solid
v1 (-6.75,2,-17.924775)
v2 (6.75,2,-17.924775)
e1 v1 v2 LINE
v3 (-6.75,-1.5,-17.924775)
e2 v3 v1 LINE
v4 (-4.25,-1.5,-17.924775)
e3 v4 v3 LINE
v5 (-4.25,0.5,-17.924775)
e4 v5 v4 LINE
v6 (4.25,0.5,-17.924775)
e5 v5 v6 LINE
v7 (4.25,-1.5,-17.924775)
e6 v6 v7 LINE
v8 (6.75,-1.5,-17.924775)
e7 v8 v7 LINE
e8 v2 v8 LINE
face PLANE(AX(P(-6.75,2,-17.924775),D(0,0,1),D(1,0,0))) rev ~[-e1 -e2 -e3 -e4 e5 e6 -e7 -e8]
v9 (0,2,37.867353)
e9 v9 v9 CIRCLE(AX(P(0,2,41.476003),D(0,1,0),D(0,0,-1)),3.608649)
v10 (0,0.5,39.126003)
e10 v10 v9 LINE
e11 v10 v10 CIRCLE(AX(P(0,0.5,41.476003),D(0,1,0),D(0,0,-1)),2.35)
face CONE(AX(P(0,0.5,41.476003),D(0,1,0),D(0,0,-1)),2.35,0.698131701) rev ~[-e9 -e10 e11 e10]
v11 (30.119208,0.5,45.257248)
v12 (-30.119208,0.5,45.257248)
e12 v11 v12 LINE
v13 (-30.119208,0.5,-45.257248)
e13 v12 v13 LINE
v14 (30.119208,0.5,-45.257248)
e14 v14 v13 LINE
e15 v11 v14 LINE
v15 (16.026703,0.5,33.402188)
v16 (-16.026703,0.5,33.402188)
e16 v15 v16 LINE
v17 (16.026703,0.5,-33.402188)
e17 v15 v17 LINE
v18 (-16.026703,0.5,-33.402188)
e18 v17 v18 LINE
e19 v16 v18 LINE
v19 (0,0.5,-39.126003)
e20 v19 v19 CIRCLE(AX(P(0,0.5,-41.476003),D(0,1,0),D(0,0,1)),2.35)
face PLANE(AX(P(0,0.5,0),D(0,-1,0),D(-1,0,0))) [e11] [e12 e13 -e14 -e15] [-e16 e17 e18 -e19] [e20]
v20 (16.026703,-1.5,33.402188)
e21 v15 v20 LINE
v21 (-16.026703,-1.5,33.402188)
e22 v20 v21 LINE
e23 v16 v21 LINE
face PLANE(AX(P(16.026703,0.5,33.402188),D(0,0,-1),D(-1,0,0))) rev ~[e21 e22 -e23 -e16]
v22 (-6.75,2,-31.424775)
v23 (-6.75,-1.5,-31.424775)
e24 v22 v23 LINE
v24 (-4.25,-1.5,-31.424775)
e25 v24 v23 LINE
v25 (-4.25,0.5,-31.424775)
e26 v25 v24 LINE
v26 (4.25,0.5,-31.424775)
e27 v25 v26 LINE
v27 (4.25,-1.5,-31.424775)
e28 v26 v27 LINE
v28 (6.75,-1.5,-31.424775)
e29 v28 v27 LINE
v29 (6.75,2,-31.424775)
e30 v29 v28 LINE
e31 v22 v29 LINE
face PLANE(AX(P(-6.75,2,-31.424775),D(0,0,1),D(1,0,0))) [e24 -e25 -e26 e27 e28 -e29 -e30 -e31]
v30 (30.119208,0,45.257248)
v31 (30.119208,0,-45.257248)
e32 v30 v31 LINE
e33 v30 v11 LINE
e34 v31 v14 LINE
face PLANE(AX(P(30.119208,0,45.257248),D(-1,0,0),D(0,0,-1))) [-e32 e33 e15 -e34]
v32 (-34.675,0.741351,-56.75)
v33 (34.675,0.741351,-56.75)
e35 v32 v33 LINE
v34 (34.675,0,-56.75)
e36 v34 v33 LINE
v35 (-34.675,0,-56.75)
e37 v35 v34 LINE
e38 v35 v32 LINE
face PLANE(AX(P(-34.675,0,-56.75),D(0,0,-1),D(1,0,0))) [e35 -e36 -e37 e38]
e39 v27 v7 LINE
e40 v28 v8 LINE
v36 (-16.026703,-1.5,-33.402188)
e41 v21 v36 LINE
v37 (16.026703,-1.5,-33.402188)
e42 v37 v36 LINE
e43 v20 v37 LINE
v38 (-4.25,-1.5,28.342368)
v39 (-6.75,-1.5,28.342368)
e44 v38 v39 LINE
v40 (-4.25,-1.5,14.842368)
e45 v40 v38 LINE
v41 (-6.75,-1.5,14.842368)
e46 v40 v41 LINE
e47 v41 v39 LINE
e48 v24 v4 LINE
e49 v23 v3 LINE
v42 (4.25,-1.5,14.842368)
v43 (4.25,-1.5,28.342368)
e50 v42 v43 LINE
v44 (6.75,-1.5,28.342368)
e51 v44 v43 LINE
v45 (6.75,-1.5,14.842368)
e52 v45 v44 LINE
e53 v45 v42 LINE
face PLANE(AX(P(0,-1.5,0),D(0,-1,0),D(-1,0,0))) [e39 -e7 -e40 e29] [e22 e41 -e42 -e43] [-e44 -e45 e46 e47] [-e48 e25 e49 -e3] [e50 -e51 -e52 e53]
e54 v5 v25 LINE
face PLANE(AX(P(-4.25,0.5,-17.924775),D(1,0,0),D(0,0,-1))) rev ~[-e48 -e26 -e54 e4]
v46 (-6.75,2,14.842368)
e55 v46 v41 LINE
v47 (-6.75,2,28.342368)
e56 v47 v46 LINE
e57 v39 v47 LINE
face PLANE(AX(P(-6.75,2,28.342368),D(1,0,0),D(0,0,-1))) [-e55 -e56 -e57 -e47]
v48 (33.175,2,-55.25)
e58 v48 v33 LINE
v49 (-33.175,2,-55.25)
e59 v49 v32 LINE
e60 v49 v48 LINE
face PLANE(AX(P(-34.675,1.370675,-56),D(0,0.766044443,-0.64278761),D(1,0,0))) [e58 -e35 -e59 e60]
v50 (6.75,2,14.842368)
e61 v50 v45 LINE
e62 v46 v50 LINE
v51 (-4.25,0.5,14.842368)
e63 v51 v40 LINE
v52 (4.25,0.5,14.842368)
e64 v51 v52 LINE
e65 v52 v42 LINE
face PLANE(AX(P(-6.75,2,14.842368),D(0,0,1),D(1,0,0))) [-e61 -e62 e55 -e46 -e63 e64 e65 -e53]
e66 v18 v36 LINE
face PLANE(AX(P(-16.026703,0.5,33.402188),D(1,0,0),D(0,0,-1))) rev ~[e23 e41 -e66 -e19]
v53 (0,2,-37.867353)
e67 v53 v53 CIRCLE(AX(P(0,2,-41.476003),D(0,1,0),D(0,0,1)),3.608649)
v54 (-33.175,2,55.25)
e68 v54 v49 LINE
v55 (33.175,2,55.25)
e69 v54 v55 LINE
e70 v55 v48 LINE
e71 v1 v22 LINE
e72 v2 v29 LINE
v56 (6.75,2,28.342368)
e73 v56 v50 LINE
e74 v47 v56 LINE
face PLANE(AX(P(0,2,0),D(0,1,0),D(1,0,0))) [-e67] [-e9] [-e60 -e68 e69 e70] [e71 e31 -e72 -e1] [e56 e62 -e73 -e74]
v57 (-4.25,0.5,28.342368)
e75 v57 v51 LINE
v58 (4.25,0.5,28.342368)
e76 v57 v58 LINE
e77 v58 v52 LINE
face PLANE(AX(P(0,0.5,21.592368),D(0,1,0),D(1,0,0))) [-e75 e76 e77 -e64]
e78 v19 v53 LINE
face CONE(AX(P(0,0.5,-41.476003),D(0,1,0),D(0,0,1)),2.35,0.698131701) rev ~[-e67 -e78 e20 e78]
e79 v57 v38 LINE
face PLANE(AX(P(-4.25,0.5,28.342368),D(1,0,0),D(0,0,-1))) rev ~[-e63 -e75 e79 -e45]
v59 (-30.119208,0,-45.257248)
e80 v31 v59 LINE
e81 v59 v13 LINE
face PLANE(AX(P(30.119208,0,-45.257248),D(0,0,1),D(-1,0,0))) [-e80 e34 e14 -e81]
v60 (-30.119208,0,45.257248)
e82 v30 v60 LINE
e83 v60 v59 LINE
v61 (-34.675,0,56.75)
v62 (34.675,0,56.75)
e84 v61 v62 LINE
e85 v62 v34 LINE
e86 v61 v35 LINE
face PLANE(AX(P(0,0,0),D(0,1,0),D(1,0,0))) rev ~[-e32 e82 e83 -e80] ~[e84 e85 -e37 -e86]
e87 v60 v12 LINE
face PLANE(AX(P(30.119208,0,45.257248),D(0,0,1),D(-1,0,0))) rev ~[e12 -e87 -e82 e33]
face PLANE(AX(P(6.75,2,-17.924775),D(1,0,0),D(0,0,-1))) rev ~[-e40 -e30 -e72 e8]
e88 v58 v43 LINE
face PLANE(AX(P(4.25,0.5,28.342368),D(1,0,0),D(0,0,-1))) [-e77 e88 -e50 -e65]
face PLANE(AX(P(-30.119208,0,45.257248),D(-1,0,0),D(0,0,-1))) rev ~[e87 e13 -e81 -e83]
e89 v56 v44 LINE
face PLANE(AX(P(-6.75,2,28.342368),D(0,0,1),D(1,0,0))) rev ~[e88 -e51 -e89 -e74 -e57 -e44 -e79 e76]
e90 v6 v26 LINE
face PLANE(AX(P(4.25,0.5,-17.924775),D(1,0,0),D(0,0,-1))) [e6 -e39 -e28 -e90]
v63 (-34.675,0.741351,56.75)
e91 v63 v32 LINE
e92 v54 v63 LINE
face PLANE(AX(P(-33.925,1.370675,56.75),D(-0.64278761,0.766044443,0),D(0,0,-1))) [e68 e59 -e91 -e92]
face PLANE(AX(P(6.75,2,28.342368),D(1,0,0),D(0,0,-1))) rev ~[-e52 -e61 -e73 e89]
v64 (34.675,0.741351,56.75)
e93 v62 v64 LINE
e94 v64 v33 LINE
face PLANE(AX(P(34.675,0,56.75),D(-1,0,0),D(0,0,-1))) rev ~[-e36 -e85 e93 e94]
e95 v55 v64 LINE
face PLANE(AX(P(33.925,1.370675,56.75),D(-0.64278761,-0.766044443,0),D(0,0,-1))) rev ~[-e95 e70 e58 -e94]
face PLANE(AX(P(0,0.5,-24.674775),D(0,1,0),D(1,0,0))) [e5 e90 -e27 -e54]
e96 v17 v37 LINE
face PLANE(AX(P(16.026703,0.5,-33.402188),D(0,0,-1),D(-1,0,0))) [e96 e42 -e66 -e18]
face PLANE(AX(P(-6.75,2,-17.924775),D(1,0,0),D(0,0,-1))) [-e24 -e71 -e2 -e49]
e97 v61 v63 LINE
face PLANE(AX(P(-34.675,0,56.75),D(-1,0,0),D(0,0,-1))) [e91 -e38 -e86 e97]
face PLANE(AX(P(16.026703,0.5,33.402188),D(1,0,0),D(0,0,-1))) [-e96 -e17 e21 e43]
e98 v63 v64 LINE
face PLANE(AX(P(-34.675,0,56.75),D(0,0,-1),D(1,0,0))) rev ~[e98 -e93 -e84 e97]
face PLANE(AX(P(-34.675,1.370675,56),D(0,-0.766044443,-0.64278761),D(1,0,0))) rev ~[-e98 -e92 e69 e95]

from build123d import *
from OCP.BRepFilletAPI import BRepFilletAPI_MakeChamfer

# Parameters (mm, degrees)
SKETCH1_W           = 69.35
SKETCH1_H           = 113.5
BOSS_EXTRUDE5_DEPTH = 2
SKETCH2_R           = 2.35
CUT_EXTRUDE3_DEPTH  = 2.5
FACE_CHAMFER_SIZE   = 1.5
FACE_CHAMFER_SIZE2  = 1.258649447
SKETCH4_W           = 60.238416088
SKETCH4_H           = 90.514495008
CUT_EXTRUDE6_DEPTH  = 0.5
SKETCH7_W           = 32.053406032
SKETCH7_H           = 66.80437594
BOSS_EXTRUDE6_DEPTH = 2
SKETCH8_W           = 13.5
SKETCH8_H           = 13.5
CUT_EXTRUDE14_DEPTH = 1.5
SKETCH16_W          = 2.5
SKETCH16_H          = 13.5
CUT_EXTRUDE15_DEPTH = 3.5
SKETCH17_W          = 2.5
SKETCH17_H          = 13.5
CUT_EXTRUDE16_DEPTH = 3.5
SKETCH18_W          = 13.5
SKETCH18_H          = 13.5
CUT_EXTRUDE17_DEPTH = 1.5
SKETCH19_W          = 2.5
SKETCH19_H          = 13.5
CUT_EXTRUDE18_DEPTH = 2.5
SKETCH20_W          = 2.5
SKETCH20_H          = 13.5
CUT_EXTRUDE19_DEPTH = 2.5


with BuildPart() as part:
    # Sketch1 → Boss-Extrude5 (new body)
    with BuildSketch(Plane(origin=(0, 0, 0), x_dir=(1, 0, 0), z_dir=(0, 1, 0))):
        Rectangle(SKETCH1_W, SKETCH1_H)
    extrude(amount=BOSS_EXTRUDE5_DEPTH)

    # Sketch2 → Cut-Extrude3 (cut)
    with BuildSketch(Plane(origin=(0, 2, 0), x_dir=(1, 0, 0), z_dir=(0, 1, 0))):
        with Locations(Location((0, 41.476002696, 0), (0, 0, 270))):
            Circle(SKETCH2_R)
        with Locations(Location((0, -41.476002696, 0), (0, 0, 90))):
            Circle(SKETCH2_R)
    extrude(amount=-CUT_EXTRUDE3_DEPTH, mode=Mode.SUBTRACT)

    # face chamfer: one chamfer whose edges measure the first distance from different faces: ONE call of the kernel's chamfer builder (chamfer() names one face for all edges)
    face_chamfer_edges_1 = [part.edges().sort_by_distance(p)[0] for p in [
        (0, 2, -56.75),
        (-34.675, 2, 0),
        (0, 2, 56.75),
        (34.675, 2, 0),
    ]]
    face_chamfer_side_1 = [part.faces().sort_by_distance(p)[0] for p in [
        (0, 2, 0),
    ]]
    face_chamfer_edges_2 = [part.edges().sort_by_distance(p)[0] for p in [
        (0, 2, -43.826002696),
    ]]
    face_chamfer_side_2 = [part.faces().sort_by_distance(p)[0] for p in [
        (0, 1, -43.826002696),
    ]]
    face_chamfer_edges_3 = [part.edges().sort_by_distance(p)[0] for p in [
        (0, 2, 43.826002696),
    ]]
    face_chamfer_side_3 = [part.faces().sort_by_distance(p)[0] for p in [
        (0, 1, 43.826002696),
    ]]
    face_chamfer = BRepFilletAPI_MakeChamfer(part.part.solid().wrapped)
    for e in face_chamfer_edges_1:
        face_chamfer.Add(FACE_CHAMFER_SIZE, FACE_CHAMFER_SIZE2, e.wrapped, face_chamfer_side_1[0].wrapped)  # the first distance lies on this face
    for e in face_chamfer_edges_2:
        face_chamfer.Add(FACE_CHAMFER_SIZE, FACE_CHAMFER_SIZE2, e.wrapped, face_chamfer_side_2[0].wrapped)  # the first distance lies on this face
    for e in face_chamfer_edges_3:
        face_chamfer.Add(FACE_CHAMFER_SIZE, FACE_CHAMFER_SIZE2, e.wrapped, face_chamfer_side_3[0].wrapped)  # the first distance lies on this face
    add(Compound.cast(face_chamfer.Shape()), mode=Mode.REPLACE)

    # Sketch4 → Cut-Extrude6 (cut)
    with BuildSketch(Plane(origin=(0, 0, 0), x_dir=(-1, 0, 0), z_dir=(0, -1, 0))):
        Rectangle(SKETCH4_W, SKETCH4_H)
    extrude(amount=-CUT_EXTRUDE6_DEPTH, mode=Mode.SUBTRACT)

    # Sketch7 → Boss-Extrude6 (add)
    with BuildSketch(Plane(origin=(0, 0.5, 0), x_dir=(-1, 0, 0), z_dir=(0, -1, 0))):
        Rectangle(SKETCH7_W, SKETCH7_H)
    extrude(amount=BOSS_EXTRUDE6_DEPTH)

    # Sketch8 → Cut-Extrude14 (cut)
    with BuildSketch(Plane(origin=(0, 2, 0), x_dir=(1, 0, 0), z_dir=(0, 1, 0))):
        with Locations((0, 24.674775436)):
            Rectangle(SKETCH8_W, SKETCH8_H)
    extrude(amount=-CUT_EXTRUDE14_DEPTH, mode=Mode.SUBTRACT)

    # Sketch16 → Cut-Extrude15 (cut)
    with BuildSketch(Plane(origin=(0, 0.5, 0), x_dir=(1, 0, 0), z_dir=(0, 1, 0))):
        with Locations((-5.5, 24.674775436)):
            Rectangle(SKETCH16_W, SKETCH16_H)
    extrude(amount=-CUT_EXTRUDE15_DEPTH, mode=Mode.SUBTRACT)

    # Sketch17 → Cut-Extrude16 (cut)
    with BuildSketch(Plane(origin=(0, 0.5, 0), x_dir=(1, 0, 0), z_dir=(0, 1, 0))):
        with Locations((5.5, 24.674775436)):
            Rectangle(SKETCH17_W, SKETCH17_H)
    extrude(amount=-CUT_EXTRUDE16_DEPTH, mode=Mode.SUBTRACT)

    # Sketch18 → Cut-Extrude17 (cut)
    with BuildSketch(Plane(origin=(0, 2, 0), x_dir=(1, 0, 0), z_dir=(0, 1, 0))):
        with Locations((0, -21.592367817)):
            Rectangle(SKETCH18_W, SKETCH18_H)
    extrude(amount=-CUT_EXTRUDE17_DEPTH, mode=Mode.SUBTRACT)

    # Sketch19 → Cut-Extrude18 (cut)
    with BuildSketch(Plane(origin=(0, 0.5, 0), x_dir=(1, 0, 0), z_dir=(0, 1, 0))):
        with Locations((-5.5, -21.592367817)):
            Rectangle(SKETCH19_W, SKETCH19_H)
    extrude(amount=-CUT_EXTRUDE18_DEPTH, mode=Mode.SUBTRACT)

    # Sketch20 → Cut-Extrude19 (cut)
    with BuildSketch(Plane(origin=(0, 0.5, 0), x_dir=(1, 0, 0), z_dir=(0, 1, 0))):
        with Locations((5.5, -21.592367817)):
            Rectangle(SKETCH20_W, SKETCH20_H)
    extrude(amount=-CUT_EXTRUDE19_DEPTH, mode=Mode.SUBTRACT)


solid = part.part
